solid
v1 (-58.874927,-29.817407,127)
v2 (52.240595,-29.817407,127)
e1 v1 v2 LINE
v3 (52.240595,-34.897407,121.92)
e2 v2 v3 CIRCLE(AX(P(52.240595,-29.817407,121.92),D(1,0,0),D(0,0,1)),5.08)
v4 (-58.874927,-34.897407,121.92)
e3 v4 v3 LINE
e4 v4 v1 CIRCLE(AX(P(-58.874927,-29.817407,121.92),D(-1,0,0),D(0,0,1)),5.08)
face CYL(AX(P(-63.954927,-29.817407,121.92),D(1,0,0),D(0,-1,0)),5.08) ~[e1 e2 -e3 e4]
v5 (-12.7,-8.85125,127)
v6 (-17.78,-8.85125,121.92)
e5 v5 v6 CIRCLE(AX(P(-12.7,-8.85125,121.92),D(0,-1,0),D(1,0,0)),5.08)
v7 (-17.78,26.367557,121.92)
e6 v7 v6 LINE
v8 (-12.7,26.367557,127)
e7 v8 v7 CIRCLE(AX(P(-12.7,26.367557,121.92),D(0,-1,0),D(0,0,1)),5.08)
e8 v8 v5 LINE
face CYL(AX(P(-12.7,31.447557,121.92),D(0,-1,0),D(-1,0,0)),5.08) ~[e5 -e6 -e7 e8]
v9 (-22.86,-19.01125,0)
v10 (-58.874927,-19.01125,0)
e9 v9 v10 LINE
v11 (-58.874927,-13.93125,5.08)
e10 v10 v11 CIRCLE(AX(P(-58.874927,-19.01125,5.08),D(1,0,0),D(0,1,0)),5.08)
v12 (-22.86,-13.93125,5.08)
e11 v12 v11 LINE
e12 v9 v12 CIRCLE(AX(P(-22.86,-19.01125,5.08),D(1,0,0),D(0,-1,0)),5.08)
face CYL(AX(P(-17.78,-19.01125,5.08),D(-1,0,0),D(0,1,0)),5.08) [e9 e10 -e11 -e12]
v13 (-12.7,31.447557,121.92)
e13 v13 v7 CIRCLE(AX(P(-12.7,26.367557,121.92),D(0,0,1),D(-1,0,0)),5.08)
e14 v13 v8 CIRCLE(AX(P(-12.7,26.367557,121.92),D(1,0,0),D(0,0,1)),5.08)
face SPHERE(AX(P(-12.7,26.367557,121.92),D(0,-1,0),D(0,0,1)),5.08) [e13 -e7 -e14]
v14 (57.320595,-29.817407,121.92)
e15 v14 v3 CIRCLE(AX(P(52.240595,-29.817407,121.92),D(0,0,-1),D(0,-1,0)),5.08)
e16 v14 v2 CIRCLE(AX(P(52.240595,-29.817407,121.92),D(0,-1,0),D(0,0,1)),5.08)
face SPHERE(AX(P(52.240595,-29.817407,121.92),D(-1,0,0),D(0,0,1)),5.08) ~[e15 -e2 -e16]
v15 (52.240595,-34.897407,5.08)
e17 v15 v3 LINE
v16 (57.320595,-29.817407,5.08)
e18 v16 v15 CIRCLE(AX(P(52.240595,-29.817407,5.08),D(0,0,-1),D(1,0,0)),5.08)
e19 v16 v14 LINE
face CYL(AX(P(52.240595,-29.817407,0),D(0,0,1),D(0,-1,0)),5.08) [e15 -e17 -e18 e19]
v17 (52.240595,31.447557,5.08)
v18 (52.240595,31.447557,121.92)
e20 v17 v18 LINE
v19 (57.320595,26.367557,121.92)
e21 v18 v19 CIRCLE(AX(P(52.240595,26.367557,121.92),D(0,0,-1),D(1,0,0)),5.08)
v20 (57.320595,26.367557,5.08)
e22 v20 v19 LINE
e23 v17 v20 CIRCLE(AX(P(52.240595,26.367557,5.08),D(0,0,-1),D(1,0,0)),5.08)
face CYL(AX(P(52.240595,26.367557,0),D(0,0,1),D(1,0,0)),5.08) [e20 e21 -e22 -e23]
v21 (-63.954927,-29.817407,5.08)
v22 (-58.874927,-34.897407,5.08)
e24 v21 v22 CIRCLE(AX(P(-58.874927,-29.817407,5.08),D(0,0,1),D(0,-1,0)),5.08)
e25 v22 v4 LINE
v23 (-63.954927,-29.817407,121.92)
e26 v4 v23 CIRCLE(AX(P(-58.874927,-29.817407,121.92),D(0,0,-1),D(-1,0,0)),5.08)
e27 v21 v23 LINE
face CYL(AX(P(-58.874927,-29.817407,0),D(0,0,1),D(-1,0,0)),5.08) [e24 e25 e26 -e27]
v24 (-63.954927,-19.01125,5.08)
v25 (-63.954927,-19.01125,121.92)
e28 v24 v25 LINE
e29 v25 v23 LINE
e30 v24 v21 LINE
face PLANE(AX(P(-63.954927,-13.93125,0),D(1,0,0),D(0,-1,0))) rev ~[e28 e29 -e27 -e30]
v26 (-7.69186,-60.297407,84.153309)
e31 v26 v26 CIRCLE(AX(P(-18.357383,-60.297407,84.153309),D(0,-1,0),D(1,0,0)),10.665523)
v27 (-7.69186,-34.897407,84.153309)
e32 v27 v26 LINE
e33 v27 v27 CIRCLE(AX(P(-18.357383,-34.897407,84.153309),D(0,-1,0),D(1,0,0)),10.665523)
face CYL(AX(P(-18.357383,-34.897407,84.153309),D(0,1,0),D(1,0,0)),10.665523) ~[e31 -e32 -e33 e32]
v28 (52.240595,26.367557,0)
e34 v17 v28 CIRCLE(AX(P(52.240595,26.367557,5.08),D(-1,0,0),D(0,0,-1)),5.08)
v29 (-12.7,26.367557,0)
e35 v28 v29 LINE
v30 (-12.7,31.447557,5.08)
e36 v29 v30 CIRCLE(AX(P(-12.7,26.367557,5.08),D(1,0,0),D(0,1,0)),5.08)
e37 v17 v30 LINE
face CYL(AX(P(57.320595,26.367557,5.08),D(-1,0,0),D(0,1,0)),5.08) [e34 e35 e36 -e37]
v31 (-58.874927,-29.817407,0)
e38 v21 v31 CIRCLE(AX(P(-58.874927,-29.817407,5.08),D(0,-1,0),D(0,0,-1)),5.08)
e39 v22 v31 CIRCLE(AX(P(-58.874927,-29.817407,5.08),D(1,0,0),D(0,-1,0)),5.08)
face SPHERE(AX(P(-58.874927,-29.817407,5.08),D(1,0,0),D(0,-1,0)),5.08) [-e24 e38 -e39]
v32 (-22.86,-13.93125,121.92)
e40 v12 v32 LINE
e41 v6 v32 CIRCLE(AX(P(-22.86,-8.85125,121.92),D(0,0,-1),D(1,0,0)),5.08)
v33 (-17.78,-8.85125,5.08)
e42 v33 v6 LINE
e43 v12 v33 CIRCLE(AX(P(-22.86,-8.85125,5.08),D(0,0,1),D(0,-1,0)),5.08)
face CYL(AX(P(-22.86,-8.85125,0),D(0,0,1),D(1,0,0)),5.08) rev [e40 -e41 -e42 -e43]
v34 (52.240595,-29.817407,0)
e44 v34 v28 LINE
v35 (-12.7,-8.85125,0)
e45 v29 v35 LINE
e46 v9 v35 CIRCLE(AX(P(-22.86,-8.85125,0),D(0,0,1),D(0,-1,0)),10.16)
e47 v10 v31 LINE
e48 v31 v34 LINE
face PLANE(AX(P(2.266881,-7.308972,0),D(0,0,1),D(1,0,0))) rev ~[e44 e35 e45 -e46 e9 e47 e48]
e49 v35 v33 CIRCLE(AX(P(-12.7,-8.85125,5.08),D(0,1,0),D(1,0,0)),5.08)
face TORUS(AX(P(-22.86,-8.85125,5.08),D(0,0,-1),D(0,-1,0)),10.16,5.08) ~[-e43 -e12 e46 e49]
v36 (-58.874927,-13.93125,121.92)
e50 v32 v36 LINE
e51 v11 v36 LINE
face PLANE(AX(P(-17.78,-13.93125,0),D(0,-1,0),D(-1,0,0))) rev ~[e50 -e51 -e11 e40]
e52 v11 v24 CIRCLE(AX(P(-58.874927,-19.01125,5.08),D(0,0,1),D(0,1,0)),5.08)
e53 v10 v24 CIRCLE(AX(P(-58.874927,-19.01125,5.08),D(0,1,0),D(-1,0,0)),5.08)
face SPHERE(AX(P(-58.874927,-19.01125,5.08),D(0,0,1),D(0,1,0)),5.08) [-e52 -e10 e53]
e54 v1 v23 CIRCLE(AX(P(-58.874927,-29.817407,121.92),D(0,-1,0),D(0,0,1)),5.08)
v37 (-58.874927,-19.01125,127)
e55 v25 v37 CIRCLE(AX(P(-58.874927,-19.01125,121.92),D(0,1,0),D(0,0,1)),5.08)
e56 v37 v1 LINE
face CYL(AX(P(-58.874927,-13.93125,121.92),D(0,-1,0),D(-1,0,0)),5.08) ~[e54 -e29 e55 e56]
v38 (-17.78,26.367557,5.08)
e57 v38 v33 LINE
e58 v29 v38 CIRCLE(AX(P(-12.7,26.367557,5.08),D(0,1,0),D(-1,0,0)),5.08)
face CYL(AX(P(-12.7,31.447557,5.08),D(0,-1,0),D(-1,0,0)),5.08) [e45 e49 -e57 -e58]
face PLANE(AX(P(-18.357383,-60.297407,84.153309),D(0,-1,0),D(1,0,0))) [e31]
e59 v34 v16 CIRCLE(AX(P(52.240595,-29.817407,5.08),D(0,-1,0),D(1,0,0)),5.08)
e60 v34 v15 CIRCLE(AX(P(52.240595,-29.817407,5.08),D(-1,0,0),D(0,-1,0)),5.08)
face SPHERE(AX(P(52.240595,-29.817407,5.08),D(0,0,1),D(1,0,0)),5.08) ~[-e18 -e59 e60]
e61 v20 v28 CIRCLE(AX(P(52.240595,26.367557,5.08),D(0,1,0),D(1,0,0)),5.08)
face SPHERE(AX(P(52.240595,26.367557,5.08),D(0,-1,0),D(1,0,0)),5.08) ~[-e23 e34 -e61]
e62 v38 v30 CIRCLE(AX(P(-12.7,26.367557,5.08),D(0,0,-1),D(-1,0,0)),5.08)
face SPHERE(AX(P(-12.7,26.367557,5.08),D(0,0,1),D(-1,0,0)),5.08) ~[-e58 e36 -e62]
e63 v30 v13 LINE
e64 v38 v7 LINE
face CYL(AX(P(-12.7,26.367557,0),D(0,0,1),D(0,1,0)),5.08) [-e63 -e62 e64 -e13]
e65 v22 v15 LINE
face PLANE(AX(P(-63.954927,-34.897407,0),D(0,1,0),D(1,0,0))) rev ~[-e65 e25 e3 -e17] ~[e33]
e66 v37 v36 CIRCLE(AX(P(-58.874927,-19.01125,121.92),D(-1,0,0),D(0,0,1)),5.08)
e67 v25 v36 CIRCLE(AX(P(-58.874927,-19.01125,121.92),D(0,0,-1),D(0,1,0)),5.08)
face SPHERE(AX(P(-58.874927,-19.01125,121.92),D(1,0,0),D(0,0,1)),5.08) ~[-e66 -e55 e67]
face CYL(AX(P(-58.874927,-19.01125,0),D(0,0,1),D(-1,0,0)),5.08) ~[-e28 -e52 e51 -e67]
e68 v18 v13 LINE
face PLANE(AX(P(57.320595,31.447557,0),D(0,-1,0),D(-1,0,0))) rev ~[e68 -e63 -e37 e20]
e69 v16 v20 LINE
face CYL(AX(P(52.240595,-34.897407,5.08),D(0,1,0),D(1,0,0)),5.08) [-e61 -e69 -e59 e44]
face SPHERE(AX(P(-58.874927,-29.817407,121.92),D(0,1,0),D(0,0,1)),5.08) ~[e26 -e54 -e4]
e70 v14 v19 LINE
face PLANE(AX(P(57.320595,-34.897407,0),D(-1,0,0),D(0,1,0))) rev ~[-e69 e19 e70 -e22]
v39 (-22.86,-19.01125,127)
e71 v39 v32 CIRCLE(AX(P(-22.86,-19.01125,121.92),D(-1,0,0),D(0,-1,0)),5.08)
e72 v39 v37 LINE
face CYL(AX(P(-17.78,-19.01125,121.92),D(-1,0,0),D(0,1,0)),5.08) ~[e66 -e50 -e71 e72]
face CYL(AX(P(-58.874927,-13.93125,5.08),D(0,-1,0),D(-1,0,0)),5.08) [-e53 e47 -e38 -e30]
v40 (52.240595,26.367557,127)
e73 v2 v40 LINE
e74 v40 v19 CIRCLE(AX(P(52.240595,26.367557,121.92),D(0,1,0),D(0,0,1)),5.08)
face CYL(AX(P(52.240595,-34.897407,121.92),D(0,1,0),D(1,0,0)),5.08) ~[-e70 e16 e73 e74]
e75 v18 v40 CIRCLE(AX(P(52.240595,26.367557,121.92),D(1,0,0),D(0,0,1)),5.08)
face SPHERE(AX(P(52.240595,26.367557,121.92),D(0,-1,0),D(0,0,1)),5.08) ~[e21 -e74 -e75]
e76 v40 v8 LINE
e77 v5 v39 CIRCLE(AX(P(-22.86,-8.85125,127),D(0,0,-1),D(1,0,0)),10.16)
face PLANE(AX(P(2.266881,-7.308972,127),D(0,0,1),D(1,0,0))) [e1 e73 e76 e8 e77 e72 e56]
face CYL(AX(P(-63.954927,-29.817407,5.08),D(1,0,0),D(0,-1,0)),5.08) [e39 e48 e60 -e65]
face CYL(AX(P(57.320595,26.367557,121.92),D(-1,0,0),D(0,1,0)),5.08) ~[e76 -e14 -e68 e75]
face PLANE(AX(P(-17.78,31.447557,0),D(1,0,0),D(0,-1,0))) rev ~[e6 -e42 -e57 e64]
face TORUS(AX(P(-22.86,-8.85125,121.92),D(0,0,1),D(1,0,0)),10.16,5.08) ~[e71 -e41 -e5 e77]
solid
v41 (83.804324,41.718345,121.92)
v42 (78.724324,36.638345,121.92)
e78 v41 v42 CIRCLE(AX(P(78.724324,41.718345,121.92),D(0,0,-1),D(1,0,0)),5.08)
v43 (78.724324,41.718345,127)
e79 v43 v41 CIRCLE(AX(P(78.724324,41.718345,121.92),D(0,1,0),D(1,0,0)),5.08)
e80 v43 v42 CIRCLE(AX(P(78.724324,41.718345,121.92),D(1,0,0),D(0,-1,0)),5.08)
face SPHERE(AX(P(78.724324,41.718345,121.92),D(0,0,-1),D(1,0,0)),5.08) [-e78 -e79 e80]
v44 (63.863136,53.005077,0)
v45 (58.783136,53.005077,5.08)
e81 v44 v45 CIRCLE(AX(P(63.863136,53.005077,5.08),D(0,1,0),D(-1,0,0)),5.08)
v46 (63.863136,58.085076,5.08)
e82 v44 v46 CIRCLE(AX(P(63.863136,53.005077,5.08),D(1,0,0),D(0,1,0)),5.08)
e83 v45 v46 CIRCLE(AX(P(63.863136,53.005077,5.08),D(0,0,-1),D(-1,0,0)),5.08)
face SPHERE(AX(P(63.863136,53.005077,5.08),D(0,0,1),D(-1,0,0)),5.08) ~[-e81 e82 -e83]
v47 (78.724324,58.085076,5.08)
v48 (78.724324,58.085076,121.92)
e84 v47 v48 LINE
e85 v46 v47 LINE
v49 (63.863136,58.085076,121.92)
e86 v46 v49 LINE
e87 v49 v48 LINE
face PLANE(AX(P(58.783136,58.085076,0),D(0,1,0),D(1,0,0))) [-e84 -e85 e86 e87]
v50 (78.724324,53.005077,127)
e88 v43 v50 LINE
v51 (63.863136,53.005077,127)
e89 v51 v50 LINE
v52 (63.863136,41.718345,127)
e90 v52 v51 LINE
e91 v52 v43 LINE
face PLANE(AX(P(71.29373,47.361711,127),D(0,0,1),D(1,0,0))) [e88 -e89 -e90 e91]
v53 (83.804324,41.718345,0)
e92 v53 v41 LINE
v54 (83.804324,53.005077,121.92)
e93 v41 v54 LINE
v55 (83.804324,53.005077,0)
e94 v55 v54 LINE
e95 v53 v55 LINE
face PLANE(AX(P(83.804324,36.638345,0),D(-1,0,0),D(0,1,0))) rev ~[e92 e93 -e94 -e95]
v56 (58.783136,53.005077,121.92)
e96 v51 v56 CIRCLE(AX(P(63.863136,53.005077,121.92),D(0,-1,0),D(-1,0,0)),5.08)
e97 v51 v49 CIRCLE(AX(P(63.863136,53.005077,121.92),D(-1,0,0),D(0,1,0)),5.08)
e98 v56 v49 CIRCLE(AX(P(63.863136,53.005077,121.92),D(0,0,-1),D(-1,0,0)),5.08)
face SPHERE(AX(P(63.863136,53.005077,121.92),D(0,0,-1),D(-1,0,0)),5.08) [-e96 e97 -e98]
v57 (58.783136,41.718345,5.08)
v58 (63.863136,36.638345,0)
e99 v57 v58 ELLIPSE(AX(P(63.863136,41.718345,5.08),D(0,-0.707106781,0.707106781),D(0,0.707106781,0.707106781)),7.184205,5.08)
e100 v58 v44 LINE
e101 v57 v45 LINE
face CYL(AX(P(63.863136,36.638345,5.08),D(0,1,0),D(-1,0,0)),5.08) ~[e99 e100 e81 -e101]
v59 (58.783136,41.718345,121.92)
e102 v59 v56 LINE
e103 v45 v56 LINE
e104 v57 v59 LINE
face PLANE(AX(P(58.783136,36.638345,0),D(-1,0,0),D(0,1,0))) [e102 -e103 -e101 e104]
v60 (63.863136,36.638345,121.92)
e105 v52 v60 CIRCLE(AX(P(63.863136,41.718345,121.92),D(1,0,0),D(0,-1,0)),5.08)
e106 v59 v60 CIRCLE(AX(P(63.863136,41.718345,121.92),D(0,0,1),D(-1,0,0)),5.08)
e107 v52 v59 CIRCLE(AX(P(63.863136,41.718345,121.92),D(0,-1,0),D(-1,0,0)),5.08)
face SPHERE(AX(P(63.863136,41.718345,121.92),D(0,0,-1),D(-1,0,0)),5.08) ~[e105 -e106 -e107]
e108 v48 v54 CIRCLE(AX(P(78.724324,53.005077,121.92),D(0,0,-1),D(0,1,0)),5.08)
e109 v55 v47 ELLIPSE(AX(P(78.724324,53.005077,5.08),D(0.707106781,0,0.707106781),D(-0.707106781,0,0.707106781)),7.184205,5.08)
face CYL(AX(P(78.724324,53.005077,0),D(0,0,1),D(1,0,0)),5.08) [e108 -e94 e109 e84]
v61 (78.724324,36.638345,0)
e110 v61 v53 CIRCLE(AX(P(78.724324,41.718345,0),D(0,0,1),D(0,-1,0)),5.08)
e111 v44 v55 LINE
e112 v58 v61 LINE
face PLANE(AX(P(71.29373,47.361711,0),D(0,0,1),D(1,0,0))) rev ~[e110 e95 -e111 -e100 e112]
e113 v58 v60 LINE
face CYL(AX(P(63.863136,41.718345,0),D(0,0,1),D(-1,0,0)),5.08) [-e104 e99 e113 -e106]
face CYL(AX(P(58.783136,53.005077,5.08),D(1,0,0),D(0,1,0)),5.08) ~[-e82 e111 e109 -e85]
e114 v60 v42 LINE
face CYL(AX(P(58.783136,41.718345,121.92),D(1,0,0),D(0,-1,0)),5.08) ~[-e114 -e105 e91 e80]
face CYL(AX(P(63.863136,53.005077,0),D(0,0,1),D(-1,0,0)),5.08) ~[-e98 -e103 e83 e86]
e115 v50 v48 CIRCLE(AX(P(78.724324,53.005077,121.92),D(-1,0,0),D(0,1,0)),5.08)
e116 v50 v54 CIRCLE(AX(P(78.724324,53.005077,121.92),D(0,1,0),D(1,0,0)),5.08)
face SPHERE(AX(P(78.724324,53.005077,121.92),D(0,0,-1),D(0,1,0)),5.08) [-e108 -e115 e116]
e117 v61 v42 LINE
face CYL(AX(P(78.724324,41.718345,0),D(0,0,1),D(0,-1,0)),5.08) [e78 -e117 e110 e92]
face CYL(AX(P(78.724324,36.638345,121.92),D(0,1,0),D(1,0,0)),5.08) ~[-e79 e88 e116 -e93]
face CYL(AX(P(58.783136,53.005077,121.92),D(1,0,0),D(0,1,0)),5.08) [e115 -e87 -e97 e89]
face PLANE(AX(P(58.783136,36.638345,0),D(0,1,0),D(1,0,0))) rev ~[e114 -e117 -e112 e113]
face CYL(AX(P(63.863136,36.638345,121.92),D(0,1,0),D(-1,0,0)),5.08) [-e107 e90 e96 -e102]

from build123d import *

# Parameters (mm, degrees)
F0_W     = 25.021188
F0_H     = 21.446731
F1_DEPTH = 127
F2_R     = 5.08
F3_R     = 10.665523
F4_DEPTH = 25.4


with BuildPart() as f1:
    # F0 (on Top) → F1 (new body)
    with BuildSketch(Plane.XY):
        with Locations((71.29373, 47.361711)):
            Rectangle(F0_W, F0_H)
        Polygon((-63.954927, -13.93125), (-63.954927, -34.897407), (57.320595, -34.897407), (57.320595, 31.447557), (-17.78, 31.447557), (-17.78, -13.93125), align=None)
    extrude(amount=F1_DEPTH)

    # F2
    f2_edges = [f1.edges().sort_by_distance(p)[0] for p in [
        (-17.78, 8.758154, 127),
        (-40.867464, -13.93125, 127),
        (-63.954927, -24.414328, 127),
        (-3.317166, -34.897407, 127),
        (57.320595, -1.724925, 127),
        (19.770297, 31.447557, 127),
        (57.320595, -34.897407, 63.5),
        (57.320595, -1.724925, 0),
        (-3.317166, -34.897407, 0),
        (-63.954927, -34.897407, 63.5),
        (83.804324, 36.638346, 63.5),
        (83.804324, 58.085077, 63.5),
        (58.783136, 36.638346, 63.5),
        (58.783136, 58.085077, 63.5),
        (57.320595, 31.447557, 63.5),
        (-17.78, 31.447557, 63.5),
        (-17.78, -13.93125, 63.5),
        (-63.954927, -13.93125, 63.5),
        (-40.867464, -13.93125, 0),
        (-17.78, 8.758154, 0),
        (19.770297, 31.447557, 0),
        (58.783136, 47.361711, 0),
        (71.29373, 58.085077, 0),
        (-63.954927, -24.414328, 0),
        (58.783136, 47.361711, 127),
        (71.29373, 58.085077, 127),
        (83.804324, 47.361711, 127),
        (71.29373, 36.638346, 127),
    ]]
    fillet(f2_edges, radius=F2_R)

    # F3 (on face) → F4 (join)
    with BuildSketch(Plane.XZ.offset(34.897407)):
        with Locations((-18.357383, 84.153309)):
            Circle(F3_R)
    extrude(amount=F4_DEPTH)


solid = f1.part
